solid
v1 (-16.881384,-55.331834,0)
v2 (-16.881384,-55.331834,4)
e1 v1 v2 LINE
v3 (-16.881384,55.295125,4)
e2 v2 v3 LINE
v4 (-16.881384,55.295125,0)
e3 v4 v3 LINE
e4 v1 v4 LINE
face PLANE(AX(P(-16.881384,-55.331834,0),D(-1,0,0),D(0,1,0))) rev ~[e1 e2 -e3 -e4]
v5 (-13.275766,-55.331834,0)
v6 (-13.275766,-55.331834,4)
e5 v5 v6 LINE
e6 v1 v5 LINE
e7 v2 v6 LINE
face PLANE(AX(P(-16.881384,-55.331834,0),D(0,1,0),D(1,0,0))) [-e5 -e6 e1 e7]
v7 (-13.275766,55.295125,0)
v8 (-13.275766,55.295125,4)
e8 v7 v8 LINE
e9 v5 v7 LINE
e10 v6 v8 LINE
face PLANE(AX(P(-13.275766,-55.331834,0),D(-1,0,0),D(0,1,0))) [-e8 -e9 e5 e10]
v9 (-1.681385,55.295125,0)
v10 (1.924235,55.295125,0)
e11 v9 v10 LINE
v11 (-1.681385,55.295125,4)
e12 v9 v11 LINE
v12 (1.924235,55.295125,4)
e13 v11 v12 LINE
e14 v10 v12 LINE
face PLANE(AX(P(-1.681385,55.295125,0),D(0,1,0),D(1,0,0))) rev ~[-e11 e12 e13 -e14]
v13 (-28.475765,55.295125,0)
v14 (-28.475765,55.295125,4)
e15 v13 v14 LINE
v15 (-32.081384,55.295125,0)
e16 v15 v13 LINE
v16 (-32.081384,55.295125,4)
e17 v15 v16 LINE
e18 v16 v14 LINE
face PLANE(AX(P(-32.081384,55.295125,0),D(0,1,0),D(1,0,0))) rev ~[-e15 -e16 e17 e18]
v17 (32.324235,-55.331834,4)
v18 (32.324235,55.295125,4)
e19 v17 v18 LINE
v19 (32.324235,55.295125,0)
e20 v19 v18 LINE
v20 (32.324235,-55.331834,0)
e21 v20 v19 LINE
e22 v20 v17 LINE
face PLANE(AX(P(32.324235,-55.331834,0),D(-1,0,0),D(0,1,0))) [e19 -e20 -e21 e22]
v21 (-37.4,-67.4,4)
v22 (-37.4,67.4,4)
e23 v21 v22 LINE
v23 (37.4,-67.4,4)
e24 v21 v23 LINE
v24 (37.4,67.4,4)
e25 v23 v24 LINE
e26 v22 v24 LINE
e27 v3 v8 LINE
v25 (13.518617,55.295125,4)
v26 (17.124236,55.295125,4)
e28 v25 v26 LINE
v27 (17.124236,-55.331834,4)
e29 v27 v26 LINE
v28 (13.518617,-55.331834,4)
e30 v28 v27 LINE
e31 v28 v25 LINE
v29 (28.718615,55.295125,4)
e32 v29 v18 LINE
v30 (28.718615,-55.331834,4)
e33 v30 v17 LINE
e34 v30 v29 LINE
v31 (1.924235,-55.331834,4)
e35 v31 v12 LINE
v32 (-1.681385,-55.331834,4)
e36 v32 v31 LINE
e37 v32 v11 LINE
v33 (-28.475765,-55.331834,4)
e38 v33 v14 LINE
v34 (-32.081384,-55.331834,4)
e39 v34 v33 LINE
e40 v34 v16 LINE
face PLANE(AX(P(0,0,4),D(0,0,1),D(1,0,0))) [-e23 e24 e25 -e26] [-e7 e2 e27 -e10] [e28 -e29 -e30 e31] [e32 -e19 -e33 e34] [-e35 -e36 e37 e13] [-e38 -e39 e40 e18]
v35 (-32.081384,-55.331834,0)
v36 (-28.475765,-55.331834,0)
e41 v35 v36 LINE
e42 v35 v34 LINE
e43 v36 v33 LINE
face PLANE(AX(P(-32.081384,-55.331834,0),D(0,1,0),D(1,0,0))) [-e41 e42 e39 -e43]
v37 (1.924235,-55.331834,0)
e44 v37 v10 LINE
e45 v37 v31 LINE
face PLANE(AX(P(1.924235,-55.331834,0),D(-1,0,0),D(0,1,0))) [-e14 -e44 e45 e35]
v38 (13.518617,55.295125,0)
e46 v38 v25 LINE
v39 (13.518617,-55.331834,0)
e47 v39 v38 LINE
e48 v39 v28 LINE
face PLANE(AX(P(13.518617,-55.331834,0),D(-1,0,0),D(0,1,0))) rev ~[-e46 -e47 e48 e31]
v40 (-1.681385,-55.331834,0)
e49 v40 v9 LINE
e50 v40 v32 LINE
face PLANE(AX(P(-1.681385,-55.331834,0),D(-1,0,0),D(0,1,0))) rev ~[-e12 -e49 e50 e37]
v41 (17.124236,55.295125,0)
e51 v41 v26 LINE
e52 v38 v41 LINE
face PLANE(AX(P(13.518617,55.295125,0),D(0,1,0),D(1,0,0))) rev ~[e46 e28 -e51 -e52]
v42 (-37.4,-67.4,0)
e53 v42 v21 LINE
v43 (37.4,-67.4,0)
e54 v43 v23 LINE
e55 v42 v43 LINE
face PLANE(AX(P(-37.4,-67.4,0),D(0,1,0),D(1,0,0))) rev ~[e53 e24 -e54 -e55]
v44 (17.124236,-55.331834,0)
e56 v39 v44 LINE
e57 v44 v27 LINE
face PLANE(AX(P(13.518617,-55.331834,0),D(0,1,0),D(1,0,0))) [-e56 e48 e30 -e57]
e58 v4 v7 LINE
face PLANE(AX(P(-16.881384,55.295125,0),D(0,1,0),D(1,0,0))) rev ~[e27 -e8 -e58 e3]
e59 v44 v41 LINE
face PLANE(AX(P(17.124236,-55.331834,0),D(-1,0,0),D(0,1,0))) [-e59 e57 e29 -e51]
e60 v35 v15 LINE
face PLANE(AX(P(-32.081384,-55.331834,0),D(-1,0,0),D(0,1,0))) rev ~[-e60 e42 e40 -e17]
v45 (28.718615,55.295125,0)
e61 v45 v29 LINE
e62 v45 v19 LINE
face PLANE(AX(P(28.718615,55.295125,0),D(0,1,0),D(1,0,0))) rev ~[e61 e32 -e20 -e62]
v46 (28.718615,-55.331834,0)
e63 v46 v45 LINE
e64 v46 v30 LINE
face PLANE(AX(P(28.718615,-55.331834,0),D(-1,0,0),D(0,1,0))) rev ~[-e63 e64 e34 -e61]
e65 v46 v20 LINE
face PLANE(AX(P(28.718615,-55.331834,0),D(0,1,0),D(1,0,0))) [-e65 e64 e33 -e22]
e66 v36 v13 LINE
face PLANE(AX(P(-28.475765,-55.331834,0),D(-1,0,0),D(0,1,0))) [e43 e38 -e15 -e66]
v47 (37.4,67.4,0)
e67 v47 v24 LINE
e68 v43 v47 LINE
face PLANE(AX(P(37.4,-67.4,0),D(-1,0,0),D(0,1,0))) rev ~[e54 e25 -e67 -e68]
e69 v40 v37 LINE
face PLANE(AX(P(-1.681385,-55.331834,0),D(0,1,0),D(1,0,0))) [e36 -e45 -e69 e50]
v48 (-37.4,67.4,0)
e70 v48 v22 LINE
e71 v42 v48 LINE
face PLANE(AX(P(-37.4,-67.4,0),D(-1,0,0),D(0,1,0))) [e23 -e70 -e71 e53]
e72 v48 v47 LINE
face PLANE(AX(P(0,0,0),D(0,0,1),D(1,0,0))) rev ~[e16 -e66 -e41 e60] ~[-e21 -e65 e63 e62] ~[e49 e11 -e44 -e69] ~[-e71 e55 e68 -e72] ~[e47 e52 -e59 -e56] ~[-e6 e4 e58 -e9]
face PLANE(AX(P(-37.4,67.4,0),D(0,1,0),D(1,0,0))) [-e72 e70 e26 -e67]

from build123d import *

# Parameters (mm, degrees)
F0_W     = 74.8
F0_H     = 134.8
F0_W_2   = 3.605619
F0_H_2   = 110.626959
F1_DEPTH = 4


with BuildPart() as f1:
    # F0 (on Top) → F1 (new body)
    with BuildSketch(Plane.XY):
        Rectangle(F0_W, F0_H)
        with Locations((-30.278574, -0.018355)):
            Rectangle(F0_W_2, F0_H_2, mode=Mode.SUBTRACT)
        with Locations((-15.078575, -0.018355)):
            Rectangle(F0_W_2, F0_H_2, mode=Mode.SUBTRACT)
        with Locations((0.121425, -0.018355)):
            Rectangle(F0_W_2, F0_H_2, mode=Mode.SUBTRACT)
        with Locations((15.321426, -0.018355)):
            Rectangle(F0_W_2, F0_H_2, mode=Mode.SUBTRACT)
        with Locations((30.521425, -0.018355)):
            Rectangle(F0_W_2, F0_H_2, mode=Mode.SUBTRACT)
    extrude(amount=F1_DEPTH)


solid = f1.part
